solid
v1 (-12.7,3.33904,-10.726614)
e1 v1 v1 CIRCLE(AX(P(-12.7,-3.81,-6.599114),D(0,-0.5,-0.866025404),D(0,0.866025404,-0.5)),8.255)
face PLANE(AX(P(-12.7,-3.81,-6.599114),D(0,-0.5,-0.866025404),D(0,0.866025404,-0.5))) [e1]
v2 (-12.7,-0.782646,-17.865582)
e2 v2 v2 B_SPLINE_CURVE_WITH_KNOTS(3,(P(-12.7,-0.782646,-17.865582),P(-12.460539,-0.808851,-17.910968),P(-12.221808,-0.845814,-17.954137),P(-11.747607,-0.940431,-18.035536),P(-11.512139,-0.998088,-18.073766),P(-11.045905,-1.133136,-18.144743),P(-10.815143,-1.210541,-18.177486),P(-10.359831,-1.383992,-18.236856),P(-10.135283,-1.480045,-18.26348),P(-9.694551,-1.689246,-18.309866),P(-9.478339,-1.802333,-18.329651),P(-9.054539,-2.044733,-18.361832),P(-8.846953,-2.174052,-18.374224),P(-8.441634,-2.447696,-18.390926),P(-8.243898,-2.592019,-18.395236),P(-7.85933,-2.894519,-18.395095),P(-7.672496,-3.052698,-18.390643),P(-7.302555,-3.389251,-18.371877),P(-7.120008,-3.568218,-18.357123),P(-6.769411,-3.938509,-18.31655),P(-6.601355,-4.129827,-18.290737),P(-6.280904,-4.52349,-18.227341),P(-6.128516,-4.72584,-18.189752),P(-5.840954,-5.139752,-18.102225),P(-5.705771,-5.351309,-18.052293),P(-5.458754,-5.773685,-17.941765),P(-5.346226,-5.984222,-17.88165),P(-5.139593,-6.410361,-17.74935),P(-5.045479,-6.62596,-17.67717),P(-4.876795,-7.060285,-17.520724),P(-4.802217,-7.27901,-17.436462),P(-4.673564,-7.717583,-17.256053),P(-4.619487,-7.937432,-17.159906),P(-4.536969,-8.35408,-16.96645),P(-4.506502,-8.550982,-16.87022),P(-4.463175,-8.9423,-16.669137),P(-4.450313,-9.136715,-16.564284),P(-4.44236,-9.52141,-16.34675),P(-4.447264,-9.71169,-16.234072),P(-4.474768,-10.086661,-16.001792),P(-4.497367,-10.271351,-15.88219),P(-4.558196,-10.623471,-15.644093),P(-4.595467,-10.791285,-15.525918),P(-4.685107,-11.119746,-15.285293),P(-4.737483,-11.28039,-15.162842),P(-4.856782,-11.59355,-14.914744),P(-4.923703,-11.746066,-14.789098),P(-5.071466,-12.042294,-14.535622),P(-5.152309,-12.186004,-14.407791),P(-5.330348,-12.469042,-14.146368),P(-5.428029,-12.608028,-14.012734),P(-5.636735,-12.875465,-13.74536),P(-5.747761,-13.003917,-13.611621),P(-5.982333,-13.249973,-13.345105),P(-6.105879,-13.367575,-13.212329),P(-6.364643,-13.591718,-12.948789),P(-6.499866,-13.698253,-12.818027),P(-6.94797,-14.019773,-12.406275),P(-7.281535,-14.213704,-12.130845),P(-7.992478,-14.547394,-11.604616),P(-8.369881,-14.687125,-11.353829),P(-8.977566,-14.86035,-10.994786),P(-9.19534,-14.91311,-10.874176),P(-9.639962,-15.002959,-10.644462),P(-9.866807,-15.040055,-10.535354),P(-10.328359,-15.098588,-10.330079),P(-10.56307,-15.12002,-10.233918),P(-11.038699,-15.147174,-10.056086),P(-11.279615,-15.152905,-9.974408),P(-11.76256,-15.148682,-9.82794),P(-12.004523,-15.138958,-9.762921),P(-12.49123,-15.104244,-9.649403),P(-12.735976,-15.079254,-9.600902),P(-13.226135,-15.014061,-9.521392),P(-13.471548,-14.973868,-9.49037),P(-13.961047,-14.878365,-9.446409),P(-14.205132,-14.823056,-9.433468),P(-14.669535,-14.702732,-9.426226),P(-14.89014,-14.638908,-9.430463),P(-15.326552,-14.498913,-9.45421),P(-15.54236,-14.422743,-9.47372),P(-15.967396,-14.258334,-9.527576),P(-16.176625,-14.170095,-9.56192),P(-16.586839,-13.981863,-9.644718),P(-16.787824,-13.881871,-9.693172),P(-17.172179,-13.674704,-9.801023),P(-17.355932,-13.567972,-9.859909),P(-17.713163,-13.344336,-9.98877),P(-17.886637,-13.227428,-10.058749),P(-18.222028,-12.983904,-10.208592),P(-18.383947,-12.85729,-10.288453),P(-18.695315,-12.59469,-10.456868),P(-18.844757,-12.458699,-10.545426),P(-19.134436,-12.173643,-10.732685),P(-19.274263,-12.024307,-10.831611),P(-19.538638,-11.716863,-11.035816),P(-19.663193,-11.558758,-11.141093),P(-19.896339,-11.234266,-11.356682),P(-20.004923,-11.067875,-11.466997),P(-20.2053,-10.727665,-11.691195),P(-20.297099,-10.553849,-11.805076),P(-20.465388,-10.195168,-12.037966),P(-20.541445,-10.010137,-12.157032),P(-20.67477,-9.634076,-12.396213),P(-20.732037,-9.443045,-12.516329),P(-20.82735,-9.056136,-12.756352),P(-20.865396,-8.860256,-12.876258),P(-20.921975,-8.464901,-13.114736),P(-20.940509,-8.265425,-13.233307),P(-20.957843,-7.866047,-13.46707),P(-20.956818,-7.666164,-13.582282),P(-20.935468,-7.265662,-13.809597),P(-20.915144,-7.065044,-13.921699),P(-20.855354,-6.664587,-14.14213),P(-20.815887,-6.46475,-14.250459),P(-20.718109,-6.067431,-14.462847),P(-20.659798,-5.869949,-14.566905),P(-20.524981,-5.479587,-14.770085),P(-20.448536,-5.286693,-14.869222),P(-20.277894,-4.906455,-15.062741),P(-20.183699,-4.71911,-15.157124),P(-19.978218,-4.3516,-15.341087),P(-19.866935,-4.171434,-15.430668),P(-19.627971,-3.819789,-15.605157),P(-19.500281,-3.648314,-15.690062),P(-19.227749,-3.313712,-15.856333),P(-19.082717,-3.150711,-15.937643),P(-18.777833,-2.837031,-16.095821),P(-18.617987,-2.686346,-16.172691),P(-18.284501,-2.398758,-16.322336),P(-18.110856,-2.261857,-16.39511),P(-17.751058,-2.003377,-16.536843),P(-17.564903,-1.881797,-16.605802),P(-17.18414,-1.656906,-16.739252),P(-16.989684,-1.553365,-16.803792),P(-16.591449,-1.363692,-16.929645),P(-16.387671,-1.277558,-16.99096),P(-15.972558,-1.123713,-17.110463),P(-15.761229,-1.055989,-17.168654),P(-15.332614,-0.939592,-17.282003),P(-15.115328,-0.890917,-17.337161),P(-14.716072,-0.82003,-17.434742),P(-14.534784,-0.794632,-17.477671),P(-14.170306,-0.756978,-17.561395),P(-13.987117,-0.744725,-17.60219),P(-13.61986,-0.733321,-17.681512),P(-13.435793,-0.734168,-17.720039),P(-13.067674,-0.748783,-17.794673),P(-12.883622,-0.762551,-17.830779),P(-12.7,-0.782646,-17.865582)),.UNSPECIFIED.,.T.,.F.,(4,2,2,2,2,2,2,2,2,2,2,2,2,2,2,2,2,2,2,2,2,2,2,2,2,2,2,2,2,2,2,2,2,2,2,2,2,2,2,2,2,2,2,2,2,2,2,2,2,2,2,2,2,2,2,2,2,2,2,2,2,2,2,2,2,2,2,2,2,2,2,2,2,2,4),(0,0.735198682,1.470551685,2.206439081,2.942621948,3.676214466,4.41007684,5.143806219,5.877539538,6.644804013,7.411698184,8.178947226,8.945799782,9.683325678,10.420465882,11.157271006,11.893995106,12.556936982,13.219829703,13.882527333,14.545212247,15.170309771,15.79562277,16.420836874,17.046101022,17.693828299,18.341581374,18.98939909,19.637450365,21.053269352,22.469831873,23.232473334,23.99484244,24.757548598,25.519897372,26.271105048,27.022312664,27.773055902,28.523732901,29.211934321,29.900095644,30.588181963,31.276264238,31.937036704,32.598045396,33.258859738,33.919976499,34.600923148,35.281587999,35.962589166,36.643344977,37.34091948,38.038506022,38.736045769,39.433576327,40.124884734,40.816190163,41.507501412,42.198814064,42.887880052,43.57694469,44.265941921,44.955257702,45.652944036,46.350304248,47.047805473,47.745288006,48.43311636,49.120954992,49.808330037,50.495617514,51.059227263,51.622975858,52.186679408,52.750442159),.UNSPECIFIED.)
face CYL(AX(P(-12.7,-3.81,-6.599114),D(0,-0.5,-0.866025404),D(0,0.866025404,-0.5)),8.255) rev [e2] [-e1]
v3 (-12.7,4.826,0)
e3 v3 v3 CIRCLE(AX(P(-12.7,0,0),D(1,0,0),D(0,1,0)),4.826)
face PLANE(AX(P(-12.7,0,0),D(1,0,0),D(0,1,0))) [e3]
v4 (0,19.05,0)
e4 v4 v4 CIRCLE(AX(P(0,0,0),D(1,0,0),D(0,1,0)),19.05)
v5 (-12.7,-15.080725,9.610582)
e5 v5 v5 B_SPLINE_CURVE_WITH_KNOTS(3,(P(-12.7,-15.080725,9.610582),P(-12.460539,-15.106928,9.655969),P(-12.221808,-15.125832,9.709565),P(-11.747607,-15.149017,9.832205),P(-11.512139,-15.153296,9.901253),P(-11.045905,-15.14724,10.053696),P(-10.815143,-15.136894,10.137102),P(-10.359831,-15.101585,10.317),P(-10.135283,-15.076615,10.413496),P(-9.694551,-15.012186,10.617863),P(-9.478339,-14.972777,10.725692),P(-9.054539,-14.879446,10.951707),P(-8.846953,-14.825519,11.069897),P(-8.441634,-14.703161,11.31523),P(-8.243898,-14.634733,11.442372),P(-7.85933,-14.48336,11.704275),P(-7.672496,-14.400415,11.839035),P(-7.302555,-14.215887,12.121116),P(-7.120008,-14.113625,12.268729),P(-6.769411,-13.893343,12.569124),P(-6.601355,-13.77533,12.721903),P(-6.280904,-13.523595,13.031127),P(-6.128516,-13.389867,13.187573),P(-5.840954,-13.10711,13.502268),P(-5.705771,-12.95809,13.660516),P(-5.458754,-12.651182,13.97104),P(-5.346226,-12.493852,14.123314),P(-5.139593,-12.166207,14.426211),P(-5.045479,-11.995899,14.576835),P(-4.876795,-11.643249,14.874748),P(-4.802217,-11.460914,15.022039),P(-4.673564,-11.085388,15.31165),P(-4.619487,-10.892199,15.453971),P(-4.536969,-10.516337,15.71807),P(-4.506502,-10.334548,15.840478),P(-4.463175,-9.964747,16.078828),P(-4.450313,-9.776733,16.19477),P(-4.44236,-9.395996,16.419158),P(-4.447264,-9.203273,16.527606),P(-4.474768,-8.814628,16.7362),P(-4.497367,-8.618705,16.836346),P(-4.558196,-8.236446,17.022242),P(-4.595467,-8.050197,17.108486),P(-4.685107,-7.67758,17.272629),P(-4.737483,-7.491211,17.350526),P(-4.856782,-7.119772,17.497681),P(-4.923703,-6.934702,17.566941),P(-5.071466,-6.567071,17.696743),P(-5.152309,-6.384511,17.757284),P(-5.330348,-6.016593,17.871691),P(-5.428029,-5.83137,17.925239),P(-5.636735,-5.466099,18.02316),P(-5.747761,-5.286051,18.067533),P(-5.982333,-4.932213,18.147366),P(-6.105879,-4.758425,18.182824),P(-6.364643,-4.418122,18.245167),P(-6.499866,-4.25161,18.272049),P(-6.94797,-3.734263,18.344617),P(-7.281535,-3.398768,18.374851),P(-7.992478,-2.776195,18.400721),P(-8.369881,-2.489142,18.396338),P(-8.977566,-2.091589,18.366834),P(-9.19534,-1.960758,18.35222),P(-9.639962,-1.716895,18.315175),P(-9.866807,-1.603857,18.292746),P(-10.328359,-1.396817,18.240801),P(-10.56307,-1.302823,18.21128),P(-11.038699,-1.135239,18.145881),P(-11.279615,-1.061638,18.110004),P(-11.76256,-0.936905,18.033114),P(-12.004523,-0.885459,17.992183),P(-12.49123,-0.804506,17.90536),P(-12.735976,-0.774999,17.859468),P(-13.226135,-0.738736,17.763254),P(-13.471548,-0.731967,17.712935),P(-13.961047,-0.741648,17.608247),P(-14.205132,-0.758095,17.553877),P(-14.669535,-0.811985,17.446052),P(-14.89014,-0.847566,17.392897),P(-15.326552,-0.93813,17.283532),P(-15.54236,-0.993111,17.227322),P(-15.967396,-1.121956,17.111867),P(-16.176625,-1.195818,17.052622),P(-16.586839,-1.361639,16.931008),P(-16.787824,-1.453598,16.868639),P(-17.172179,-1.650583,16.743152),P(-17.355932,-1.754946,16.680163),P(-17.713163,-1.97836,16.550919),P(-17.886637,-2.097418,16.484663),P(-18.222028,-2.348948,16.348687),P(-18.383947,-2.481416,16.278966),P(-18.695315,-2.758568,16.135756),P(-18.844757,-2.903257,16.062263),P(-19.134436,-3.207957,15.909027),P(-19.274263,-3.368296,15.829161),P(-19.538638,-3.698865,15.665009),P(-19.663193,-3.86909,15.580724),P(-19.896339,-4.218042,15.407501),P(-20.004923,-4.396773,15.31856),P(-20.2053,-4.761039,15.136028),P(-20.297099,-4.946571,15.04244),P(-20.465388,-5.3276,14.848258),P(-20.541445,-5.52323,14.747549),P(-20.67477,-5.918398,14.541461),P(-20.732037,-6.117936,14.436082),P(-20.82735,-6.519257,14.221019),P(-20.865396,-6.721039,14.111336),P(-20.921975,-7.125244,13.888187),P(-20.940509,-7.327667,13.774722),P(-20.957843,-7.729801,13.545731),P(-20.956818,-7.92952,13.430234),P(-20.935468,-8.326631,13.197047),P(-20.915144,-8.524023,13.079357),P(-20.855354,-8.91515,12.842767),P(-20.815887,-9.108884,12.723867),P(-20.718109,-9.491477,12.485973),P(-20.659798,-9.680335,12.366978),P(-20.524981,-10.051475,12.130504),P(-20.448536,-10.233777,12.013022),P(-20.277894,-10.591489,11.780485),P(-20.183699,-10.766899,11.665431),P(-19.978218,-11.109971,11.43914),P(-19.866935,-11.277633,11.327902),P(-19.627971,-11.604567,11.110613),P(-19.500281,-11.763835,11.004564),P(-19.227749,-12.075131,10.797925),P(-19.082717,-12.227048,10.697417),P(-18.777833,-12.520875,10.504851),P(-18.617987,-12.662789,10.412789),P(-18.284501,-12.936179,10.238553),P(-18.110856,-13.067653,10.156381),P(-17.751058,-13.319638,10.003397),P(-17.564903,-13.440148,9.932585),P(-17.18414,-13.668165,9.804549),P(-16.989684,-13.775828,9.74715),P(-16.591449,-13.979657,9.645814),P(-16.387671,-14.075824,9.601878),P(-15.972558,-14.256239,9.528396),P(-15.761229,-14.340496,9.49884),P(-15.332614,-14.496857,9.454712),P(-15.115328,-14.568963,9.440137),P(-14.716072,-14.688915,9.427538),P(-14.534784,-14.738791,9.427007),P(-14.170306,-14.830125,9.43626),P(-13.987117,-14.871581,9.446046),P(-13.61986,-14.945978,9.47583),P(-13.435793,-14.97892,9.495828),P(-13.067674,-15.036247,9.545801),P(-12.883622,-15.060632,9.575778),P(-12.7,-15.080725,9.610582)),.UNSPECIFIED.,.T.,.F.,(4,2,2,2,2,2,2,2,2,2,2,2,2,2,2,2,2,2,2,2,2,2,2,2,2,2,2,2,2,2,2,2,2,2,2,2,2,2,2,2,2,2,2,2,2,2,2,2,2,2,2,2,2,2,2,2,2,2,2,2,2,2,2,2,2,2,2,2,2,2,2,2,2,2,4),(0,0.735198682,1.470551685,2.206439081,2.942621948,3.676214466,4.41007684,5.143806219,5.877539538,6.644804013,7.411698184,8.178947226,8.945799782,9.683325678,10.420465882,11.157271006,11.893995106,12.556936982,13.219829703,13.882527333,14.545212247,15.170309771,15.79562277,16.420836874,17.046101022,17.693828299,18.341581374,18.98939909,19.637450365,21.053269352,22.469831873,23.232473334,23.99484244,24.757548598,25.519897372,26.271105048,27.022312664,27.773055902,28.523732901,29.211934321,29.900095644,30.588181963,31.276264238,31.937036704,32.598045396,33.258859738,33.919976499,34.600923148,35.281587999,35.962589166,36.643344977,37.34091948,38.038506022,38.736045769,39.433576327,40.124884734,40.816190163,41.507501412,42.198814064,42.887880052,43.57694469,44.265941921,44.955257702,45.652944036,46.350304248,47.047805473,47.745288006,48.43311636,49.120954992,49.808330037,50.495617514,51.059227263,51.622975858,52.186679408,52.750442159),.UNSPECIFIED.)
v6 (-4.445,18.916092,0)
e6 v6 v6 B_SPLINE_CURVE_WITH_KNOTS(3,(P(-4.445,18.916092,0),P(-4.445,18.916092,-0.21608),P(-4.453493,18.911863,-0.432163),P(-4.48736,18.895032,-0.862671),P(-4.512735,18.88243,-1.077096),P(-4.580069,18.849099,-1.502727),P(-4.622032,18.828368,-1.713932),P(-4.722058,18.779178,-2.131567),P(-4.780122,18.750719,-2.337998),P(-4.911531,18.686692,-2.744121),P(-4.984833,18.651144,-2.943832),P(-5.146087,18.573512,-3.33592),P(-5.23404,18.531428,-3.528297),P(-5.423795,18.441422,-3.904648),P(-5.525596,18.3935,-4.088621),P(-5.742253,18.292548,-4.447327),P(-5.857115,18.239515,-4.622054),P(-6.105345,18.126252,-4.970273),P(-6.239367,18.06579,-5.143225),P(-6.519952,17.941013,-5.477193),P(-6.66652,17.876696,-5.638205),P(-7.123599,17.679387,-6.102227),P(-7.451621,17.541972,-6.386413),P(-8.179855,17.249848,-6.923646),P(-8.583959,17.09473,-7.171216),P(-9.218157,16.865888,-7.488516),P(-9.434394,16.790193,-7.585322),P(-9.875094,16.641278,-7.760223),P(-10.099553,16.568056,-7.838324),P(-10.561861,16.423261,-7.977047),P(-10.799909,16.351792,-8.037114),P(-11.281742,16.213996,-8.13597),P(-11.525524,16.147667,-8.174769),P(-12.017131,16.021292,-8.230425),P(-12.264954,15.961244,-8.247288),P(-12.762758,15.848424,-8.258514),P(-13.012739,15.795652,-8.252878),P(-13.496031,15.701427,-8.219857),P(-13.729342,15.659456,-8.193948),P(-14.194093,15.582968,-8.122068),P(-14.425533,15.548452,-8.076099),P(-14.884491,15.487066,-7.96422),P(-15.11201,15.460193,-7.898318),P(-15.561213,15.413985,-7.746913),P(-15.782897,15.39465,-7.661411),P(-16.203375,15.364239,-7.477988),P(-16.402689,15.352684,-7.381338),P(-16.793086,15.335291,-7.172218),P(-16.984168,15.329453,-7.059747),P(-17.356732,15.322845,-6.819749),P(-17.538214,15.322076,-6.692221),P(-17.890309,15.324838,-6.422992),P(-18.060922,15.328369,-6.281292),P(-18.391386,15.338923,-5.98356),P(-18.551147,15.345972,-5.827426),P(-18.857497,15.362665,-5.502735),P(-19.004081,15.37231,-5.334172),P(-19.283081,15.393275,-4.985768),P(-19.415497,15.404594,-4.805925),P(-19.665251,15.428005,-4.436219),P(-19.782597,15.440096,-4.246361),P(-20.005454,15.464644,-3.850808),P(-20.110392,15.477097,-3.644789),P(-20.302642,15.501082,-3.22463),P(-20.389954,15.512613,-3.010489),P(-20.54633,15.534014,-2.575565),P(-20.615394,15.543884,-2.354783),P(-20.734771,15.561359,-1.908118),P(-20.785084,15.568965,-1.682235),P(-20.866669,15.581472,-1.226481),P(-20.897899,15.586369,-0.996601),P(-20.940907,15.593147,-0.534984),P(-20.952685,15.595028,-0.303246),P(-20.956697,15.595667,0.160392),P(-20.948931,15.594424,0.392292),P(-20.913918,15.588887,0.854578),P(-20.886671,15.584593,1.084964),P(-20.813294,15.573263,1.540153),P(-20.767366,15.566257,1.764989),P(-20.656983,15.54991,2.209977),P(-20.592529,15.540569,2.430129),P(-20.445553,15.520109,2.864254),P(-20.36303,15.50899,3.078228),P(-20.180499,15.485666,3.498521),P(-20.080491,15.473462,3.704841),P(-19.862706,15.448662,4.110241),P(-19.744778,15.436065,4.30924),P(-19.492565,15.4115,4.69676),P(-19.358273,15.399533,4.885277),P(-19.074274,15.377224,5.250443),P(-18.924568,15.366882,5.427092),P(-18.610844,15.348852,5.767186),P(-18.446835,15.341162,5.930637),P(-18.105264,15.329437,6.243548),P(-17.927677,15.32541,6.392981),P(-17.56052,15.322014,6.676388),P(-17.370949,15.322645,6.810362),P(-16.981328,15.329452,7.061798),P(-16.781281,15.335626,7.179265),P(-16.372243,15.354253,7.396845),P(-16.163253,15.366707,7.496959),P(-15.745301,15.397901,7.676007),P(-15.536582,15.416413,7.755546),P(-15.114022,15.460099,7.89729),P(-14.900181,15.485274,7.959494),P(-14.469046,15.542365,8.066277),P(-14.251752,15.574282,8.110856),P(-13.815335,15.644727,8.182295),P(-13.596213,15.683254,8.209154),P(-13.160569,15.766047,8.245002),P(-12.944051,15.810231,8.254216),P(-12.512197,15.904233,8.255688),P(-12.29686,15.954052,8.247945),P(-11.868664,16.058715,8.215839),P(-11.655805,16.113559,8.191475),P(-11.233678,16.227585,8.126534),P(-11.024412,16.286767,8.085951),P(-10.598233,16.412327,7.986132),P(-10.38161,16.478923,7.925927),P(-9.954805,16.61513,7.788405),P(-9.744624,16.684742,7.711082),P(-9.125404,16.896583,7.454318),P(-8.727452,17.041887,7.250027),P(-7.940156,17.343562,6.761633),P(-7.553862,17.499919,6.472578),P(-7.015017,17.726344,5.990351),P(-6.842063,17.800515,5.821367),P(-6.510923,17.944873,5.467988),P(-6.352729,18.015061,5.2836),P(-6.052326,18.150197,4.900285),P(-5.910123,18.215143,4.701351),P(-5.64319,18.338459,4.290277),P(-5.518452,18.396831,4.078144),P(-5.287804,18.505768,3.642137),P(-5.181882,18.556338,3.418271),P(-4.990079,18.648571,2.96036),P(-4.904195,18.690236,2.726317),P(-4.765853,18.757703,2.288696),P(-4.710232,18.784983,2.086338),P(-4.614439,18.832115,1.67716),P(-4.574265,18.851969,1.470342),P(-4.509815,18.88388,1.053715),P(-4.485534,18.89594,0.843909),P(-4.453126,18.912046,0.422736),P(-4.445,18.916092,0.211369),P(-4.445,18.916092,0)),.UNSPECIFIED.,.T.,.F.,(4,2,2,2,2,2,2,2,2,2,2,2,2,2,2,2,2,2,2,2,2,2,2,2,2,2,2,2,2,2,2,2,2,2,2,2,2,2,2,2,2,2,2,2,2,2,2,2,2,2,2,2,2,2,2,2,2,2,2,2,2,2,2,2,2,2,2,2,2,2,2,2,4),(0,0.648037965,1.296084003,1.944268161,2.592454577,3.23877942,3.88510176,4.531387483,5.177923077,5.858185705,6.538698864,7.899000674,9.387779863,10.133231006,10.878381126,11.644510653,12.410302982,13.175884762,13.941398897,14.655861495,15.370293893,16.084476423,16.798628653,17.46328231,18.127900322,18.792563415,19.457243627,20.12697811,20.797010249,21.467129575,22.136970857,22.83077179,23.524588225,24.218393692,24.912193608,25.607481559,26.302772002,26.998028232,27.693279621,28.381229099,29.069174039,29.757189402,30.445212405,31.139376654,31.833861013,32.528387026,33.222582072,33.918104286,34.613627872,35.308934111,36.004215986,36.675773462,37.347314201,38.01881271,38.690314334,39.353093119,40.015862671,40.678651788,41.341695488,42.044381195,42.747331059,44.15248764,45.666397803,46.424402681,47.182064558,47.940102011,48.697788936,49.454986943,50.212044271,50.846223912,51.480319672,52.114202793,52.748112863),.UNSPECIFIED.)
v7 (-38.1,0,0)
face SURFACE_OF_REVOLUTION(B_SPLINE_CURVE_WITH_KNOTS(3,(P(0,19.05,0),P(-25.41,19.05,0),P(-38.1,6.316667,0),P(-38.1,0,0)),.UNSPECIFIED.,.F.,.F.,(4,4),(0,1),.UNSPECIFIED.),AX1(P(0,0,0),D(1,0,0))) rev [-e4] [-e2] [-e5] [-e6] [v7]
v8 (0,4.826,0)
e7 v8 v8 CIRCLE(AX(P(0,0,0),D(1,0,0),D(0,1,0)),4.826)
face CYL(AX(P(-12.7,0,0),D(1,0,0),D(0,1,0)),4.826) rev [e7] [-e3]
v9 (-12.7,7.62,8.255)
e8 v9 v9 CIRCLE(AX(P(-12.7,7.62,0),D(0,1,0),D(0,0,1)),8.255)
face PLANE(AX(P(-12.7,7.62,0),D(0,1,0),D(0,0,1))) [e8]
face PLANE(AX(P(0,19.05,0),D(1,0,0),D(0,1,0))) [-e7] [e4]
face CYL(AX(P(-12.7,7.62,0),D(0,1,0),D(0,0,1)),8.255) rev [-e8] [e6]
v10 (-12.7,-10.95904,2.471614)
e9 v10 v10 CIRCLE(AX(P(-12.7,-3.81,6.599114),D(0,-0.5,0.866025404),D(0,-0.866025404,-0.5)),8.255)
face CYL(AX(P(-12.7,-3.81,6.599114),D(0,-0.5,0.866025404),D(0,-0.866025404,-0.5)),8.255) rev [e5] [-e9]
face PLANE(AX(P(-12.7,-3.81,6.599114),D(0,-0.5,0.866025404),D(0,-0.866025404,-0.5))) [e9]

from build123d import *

# Parameters (mm, degrees)
SKETCH2_R          = 8.255
CUT_EXTRUDE1_DEPTH = 11.43
CIRPATTERN5_COUNT  = 3
SKETCH3_R          = 4.826
CUT_EXTRUDE2_DEPTH = 12.7


with BuildPart() as part:
    # Sketch1 → Revolve2 (revolve)
    with BuildSketch(Plane.XY):
        with BuildLine():
            Line((0, 19.05), (0, 0))
            Line((0, 0), (-38.1, 0))
            add(Edge.make_bspline(
                [(0, 19.05), (-25.41, 19.05), (-38.1, 6.316666667), (-38.1, 0)],
                knots=[0, 0, 0, 0, 1, 1, 1, 1], degree=3))
        make_face()
    revolve(axis=Axis((0, 0, 0), (-1, 0, 0)))

    # Sketch2 → Cut-Extrude1 (cut)
    with BuildSketch(Plane(origin=(0, 19.05, 0), x_dir=(1, 0, 0), z_dir=(0, 1, 0))):
        with Locations(Location((-12.7, 0, 0), (0, 0, 270))):
            Circle(SKETCH2_R)
    cut_extrude1 = extrude(amount=-CUT_EXTRUDE1_DEPTH, mode=Mode.SUBTRACT)

    # CirPattern5: Cut-Extrude1 ×3 about axis
    cirpattern5_axis = Axis((0, 0, 0), (1, 0, 0))
    for i in range(1, CIRPATTERN5_COUNT):
        add(cut_extrude1.rotate(cirpattern5_axis, i * 360 / CIRPATTERN5_COUNT), mode=Mode.SUBTRACT)

    # Sketch3 → Cut-Extrude2 (cut)
    with BuildSketch(Plane(origin=(0, 0, 0), x_dir=(0, 0, -1), z_dir=(1, 0, 0))):
        with Locations(Location((0, 0, 0), (0, 0, 90))):
            Circle(SKETCH3_R)
    extrude(amount=-CUT_EXTRUDE2_DEPTH, mode=Mode.SUBTRACT)


solid = part.part
